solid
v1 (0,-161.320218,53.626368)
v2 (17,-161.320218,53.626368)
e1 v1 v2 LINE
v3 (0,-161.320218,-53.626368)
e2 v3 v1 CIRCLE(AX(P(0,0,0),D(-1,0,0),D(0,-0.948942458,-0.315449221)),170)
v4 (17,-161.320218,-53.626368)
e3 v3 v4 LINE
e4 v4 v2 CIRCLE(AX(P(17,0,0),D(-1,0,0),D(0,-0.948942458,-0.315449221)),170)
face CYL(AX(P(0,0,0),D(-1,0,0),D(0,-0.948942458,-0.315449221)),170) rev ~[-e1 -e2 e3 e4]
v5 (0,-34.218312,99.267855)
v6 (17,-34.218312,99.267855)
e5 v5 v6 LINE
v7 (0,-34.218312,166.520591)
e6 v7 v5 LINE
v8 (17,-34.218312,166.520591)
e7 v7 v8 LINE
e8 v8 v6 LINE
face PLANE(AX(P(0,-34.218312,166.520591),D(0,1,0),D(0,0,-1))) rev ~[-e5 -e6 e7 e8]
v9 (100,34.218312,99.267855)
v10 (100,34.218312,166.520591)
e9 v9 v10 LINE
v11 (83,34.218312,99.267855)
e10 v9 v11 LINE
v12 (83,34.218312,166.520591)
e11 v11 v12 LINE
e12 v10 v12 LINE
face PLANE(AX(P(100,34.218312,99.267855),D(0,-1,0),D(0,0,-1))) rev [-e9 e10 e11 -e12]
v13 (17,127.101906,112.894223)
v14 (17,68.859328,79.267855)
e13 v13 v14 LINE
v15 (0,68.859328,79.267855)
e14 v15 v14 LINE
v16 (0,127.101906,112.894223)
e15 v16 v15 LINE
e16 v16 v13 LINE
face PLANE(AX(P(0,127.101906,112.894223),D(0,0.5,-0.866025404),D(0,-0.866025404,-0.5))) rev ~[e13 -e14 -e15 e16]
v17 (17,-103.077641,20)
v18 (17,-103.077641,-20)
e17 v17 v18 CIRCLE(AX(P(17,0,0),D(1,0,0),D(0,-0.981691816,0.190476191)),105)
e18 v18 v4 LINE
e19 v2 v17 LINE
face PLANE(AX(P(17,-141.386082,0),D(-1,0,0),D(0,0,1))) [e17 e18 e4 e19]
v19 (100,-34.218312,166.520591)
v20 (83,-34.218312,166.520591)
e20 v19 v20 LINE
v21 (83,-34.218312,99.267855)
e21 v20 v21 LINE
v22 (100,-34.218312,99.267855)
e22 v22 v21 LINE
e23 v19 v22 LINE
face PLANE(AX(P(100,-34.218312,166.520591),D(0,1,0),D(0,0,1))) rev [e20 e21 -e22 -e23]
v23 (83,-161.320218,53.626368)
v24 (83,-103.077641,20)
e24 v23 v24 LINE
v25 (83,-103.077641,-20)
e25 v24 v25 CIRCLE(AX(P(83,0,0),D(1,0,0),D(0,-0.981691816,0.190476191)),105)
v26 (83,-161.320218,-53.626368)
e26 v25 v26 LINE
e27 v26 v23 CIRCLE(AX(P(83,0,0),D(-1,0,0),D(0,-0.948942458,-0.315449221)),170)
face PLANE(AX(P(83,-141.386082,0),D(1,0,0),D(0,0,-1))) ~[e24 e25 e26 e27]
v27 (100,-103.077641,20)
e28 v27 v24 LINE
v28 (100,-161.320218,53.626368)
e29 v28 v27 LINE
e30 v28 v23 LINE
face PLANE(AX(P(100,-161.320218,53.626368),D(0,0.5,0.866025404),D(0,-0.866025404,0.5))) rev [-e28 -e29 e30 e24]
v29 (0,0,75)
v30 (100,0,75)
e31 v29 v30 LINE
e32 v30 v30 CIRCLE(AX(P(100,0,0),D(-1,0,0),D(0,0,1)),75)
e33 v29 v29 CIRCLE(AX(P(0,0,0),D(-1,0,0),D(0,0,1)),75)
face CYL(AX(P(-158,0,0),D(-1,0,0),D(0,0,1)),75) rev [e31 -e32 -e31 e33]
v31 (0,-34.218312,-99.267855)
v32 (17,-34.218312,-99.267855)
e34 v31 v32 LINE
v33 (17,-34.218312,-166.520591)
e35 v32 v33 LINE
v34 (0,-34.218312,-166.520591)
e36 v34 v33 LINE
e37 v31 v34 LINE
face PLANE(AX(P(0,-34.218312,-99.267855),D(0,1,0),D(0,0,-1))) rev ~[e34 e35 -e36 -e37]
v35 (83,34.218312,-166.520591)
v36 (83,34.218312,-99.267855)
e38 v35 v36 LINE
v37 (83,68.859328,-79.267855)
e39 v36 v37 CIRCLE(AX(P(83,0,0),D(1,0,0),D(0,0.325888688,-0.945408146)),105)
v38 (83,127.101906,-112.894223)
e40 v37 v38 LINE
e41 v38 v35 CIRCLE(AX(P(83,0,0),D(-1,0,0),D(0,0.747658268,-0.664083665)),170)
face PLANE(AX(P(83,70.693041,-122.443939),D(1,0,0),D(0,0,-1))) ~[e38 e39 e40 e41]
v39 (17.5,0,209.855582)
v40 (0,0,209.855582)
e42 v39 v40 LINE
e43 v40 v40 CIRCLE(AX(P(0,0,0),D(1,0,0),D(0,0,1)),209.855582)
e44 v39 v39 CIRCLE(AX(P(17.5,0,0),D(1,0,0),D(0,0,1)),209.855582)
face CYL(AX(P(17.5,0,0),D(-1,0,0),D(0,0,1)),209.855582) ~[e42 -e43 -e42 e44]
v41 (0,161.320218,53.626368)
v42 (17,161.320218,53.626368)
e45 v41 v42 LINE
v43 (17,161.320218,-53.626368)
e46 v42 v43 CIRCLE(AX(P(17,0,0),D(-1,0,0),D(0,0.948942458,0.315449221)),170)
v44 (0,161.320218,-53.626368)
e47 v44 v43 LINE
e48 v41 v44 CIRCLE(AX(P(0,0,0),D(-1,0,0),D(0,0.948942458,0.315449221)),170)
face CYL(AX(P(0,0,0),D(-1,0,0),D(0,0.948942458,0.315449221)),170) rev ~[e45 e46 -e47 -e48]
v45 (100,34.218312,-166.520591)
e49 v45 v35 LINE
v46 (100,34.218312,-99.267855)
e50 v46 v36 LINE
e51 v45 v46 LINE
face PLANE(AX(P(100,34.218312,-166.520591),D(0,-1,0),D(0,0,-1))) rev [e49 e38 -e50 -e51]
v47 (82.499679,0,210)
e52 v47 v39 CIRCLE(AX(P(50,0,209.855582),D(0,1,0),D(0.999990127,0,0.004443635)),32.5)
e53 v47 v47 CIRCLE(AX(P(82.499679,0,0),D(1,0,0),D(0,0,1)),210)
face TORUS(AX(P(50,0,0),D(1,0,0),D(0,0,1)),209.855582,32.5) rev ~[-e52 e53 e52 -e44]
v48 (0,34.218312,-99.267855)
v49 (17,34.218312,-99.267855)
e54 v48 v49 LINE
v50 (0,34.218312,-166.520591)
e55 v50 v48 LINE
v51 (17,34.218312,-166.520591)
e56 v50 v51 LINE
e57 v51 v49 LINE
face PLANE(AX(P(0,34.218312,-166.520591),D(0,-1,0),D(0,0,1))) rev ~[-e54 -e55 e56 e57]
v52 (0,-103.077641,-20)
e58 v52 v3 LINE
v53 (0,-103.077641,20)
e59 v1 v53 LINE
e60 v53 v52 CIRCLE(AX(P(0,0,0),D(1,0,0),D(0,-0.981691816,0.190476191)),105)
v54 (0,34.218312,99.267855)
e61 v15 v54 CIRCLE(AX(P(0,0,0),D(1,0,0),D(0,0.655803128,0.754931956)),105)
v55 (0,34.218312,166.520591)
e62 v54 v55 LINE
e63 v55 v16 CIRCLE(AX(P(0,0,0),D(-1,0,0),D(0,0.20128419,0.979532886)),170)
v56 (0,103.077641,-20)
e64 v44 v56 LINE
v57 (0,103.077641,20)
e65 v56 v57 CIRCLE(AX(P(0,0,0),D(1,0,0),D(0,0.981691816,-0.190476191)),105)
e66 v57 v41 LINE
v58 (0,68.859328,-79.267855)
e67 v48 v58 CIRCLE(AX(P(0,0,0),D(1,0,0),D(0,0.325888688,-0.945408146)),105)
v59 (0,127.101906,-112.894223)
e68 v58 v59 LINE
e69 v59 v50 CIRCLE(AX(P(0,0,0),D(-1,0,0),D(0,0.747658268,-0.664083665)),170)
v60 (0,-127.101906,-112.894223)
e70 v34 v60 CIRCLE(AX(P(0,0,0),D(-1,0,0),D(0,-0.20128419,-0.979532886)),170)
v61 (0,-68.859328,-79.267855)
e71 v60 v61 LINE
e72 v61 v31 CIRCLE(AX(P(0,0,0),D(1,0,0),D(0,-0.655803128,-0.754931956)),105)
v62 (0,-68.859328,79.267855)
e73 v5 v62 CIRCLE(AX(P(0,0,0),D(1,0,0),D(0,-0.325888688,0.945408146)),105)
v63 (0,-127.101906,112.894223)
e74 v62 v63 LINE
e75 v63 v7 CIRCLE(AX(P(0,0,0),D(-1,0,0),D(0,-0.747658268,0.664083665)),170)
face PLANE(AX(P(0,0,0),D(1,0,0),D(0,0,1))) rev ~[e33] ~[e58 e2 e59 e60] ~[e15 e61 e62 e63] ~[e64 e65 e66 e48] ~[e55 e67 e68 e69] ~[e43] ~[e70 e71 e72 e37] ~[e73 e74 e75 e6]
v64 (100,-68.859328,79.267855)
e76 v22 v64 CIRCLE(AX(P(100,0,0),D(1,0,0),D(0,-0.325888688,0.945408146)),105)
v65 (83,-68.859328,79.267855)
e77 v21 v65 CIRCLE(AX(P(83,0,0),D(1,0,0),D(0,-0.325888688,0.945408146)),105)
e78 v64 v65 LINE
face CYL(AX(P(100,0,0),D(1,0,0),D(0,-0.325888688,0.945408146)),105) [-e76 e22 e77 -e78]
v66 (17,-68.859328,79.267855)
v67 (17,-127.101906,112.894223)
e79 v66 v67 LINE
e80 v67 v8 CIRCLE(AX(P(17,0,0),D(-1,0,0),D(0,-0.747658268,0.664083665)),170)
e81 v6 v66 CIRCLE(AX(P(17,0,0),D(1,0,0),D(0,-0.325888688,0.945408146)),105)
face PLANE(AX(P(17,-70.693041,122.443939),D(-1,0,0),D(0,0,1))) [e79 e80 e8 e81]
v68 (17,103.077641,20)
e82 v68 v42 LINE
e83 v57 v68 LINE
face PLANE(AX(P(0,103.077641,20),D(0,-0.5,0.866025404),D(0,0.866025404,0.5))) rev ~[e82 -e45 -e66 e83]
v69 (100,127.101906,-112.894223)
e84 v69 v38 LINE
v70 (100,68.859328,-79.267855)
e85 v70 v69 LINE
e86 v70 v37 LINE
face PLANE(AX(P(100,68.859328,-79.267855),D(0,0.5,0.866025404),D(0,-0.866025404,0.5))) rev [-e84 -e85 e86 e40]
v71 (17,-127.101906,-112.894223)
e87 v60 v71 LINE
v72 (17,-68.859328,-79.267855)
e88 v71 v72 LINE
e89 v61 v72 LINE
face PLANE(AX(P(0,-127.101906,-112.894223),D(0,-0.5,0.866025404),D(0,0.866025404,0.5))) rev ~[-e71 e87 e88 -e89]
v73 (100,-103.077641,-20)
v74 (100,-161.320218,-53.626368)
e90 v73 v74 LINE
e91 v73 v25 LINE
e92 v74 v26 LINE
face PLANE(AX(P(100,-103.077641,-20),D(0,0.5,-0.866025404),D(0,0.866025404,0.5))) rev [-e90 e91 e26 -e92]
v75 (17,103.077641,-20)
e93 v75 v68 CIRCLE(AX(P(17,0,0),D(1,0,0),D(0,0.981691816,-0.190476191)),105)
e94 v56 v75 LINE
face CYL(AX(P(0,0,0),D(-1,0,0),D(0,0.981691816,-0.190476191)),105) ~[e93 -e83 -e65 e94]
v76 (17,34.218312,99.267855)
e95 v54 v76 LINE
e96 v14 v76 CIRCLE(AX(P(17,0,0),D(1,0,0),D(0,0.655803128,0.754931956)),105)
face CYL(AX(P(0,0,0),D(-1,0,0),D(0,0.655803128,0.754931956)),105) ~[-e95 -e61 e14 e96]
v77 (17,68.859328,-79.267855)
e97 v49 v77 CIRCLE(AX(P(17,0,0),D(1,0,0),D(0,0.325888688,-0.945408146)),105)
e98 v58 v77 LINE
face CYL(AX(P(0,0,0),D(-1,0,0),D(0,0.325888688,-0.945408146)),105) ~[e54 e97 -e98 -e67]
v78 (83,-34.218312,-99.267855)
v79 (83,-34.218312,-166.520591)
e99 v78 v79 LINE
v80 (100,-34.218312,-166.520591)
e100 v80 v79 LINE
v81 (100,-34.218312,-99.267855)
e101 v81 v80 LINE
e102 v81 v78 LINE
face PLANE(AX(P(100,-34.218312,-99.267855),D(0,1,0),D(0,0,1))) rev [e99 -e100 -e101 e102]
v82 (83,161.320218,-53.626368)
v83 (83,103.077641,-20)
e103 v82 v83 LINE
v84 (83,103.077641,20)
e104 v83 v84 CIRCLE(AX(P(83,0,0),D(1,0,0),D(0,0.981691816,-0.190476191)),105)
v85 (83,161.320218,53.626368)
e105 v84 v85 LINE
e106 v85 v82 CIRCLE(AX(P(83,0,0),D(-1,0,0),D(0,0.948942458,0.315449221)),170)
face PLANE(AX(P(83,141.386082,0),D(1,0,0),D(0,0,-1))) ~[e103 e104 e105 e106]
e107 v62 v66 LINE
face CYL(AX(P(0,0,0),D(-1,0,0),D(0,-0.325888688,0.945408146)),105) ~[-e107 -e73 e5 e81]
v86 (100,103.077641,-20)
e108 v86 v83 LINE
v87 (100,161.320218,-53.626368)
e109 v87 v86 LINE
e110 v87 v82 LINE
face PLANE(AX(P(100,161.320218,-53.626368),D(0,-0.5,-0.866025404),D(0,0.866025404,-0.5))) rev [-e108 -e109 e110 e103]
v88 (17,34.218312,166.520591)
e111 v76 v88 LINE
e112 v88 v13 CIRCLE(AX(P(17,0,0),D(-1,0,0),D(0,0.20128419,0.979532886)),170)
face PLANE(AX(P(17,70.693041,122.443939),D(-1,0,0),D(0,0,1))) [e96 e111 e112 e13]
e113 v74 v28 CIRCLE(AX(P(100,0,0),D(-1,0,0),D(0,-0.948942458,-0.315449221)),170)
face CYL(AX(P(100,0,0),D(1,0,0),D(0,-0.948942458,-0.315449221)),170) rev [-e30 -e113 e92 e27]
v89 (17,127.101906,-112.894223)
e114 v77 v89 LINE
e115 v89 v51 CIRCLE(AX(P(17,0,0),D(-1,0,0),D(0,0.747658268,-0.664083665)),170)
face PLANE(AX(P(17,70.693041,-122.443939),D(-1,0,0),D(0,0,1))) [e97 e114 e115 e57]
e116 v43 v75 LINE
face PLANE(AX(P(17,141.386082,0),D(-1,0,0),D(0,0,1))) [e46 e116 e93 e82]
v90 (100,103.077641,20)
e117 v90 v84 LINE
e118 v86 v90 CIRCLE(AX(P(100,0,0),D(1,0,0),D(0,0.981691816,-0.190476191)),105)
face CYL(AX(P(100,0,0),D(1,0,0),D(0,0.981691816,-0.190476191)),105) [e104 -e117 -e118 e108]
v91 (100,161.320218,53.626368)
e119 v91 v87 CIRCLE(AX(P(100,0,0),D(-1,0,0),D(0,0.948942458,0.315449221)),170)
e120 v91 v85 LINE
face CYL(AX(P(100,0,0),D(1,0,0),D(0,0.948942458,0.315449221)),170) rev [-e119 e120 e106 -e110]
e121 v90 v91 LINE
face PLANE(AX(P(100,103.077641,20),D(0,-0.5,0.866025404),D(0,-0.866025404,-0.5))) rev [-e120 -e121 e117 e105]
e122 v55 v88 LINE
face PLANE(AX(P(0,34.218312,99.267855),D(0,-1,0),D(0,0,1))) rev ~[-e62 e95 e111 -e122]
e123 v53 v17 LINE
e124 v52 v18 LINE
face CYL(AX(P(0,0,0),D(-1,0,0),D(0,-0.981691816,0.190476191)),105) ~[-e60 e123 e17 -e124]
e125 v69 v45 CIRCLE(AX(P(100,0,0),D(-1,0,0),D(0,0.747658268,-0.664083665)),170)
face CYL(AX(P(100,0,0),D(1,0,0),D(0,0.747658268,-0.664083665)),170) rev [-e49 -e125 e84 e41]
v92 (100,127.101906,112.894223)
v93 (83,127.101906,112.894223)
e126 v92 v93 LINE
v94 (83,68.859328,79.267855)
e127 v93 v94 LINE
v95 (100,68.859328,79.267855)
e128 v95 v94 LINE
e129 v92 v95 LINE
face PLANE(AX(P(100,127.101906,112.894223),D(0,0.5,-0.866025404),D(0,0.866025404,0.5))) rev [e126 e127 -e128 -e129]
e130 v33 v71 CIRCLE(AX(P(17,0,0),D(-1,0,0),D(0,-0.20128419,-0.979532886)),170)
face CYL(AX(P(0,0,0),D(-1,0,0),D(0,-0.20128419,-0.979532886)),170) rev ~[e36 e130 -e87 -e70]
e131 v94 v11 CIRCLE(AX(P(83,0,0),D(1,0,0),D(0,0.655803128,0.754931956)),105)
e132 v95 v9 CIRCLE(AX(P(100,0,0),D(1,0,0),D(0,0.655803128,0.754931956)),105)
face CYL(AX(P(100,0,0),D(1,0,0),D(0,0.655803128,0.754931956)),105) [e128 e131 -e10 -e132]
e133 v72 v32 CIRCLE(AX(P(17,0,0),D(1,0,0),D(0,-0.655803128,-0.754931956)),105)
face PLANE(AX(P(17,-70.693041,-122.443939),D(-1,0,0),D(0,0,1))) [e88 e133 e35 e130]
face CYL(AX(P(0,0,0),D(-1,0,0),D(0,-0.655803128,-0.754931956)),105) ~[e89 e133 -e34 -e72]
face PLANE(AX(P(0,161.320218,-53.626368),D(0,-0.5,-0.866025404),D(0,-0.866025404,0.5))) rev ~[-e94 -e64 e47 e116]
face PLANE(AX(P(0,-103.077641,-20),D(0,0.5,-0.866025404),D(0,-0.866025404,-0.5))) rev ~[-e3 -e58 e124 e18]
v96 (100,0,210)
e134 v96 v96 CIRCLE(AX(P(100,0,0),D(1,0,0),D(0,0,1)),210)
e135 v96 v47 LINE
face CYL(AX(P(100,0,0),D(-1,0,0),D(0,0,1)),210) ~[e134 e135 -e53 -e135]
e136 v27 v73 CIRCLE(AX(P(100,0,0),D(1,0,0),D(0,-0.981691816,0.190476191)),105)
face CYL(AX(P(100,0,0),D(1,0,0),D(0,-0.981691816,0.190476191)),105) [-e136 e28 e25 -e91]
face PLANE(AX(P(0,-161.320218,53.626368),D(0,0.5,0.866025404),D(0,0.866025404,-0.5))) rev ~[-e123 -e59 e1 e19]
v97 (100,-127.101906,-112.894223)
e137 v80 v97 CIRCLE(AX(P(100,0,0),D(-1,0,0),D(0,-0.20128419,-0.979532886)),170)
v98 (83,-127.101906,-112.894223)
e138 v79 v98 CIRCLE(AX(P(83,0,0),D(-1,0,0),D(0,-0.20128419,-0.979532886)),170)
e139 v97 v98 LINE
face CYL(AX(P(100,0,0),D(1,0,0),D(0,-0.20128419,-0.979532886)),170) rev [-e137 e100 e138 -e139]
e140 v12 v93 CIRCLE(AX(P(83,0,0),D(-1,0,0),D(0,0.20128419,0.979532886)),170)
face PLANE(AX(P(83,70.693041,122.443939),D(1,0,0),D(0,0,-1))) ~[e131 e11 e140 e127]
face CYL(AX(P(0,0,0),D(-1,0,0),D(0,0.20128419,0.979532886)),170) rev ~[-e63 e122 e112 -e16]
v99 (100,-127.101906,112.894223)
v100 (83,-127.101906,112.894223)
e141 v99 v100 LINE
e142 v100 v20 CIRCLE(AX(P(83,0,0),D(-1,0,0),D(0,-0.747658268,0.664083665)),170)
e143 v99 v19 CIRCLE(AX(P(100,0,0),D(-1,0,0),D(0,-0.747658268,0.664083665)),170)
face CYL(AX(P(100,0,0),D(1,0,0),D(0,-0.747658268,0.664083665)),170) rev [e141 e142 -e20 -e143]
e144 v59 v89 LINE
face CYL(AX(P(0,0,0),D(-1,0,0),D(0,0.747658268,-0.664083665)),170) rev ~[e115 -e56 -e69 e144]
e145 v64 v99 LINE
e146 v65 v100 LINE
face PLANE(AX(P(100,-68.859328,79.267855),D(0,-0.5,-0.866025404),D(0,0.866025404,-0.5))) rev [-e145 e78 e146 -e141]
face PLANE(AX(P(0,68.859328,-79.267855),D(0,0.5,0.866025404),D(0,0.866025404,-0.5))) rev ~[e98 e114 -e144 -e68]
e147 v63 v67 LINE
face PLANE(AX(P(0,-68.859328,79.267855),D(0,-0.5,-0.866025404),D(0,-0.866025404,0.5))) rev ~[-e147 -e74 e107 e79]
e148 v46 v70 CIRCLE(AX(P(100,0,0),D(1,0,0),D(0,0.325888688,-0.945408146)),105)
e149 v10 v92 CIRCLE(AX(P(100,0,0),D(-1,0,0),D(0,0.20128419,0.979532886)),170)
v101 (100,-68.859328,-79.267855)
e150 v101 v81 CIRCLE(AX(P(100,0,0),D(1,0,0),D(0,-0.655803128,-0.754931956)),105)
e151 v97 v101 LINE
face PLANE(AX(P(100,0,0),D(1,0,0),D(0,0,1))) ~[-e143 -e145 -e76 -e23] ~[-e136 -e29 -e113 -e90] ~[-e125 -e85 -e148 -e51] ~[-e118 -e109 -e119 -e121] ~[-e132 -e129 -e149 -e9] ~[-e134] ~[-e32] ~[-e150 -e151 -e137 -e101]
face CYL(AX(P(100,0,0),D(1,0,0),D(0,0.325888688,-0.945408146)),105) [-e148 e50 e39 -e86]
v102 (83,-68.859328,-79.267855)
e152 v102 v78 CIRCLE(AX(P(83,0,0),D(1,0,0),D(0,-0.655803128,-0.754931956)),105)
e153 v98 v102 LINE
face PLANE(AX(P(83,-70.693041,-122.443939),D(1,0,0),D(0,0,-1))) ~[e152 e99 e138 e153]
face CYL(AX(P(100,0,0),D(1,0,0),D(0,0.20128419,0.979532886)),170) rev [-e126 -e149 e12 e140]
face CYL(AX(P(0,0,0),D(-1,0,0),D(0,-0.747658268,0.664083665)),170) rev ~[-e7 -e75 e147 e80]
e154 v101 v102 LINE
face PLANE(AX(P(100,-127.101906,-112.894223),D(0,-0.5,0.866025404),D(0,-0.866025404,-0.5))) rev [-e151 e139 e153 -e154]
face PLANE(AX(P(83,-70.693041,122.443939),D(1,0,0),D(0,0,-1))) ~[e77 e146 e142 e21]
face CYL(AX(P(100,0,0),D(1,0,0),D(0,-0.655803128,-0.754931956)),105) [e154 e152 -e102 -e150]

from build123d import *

# Parameters (mm, degrees)
CUT_EXTRUDE1_DEPTH      = 236
CUT_EXTRUDE1_DEPTH_BACK = 258
SKETCH2_R               = 75
CUT_EXTRUDE2_DEPTH      = 17


with BuildPart() as part:
    # Sketch1 → Revolve1 (revolve)
    with BuildSketch(Plane.XY, mode=Mode.PRIVATE) as revolve1_sk:
        with BuildLine():
            Line((0, 0), (100, 0))
            Line((100, 0), (100, 210))
            Line((100, 210), (82.499679128, 210))
            ThreePointArc((82.499679128, 210), (50.072209241, 177.355662093), (17.5, 209.855581875))
            Line((17.5, 209.855581875), (0, 209.855581875))
            Line((0, 209.855581875), (0, 0))
        make_face()
    revolve(revolve1_sk.sketch.rotate(Axis((0, 0, 0), (1, 0, 0)), 90), axis=Axis((0, 0, 0), (1, 0, 0)))

    # Sketch2 → Cut-Extrude1 (cut, two sides: drawn at the far end of the back side and taken through both)
    with BuildSketch(Plane(origin=(100, 0, 0), x_dir=(0, 0, -1), z_dir=(1, 0, 0)).offset(-CUT_EXTRUDE1_DEPTH_BACK)):
        with Locations(Location((0, 0, 0), (0, 0, 180))):
            Circle(SKETCH2_R)
    extrude(amount=CUT_EXTRUDE1_DEPTH + CUT_EXTRUDE1_DEPTH_BACK, mode=Mode.SUBTRACT)

    # Sketch3 → Cut-Extrude2 (cut)
    with BuildSketch(Plane.ZY):
        with BuildLine():
            Line((20, 103.07764064), (53.626367642, 161.32021787))
            ThreePointArc((53.626367642, 161.32021787), (0, 170), (-53.626367642, 161.32021787))
            Line((-53.626367642, 161.32021787), (-20, 103.07764064))
            ThreePointArc((-20, 103.07764064), (0, 105), (20, 103.07764064))
        make_face()
        with BuildLine():
            Line((112.894222998, 127.101905625), (79.267855357, 68.859328396))
            ThreePointArc((79.267855357, 68.859328396), (90.932667397, 52.5), (99.267855357, 34.218312245))
            Line((99.267855357, 34.218312245), (166.52059064, 34.218312245))
            ThreePointArc((166.52059064, 34.218312245), (147.224318643, 85), (112.894222998, 127.101905625))
        make_face()
        with BuildLine():
            Line((166.52059064, -34.218312245), (99.267855357, -34.218312245))
            ThreePointArc((99.267855357, -34.218312245), (90.932667397, -52.5), (79.267855357, -68.859328396))
            Line((79.267855357, -68.859328396), (112.894222998, -127.101905625))
            ThreePointArc((112.894222998, -127.101905625), (147.224318643, -85), (166.52059064, -34.218312245))
        make_face()
        with BuildLine():
            Line((53.626367642, -161.32021787), (20, -103.07764064))
            ThreePointArc((20, -103.07764064), (0, -105), (-20, -103.07764064))
            Line((-20, -103.07764064), (-53.626367642, -161.32021787))
            ThreePointArc((-53.626367642, -161.32021787), (0, -170), (53.626367642, -161.32021787))
        make_face()
        with BuildLine():
            Line((-112.894222998, -127.101905625), (-79.267855357, -68.859328396))
            ThreePointArc((-79.267855357, -68.859328396), (-90.932667397, -52.5), (-99.267855357, -34.218312245))
            Line((-99.267855357, -34.218312245), (-166.52059064, -34.218312245))
            ThreePointArc((-166.52059064, -34.218312245), (-147.224318643, -85), (-112.894222998, -127.101905625))
        make_face()
        with BuildLine():
            Line((-166.52059064, 34.218312245), (-99.267855357, 34.218312245))
            ThreePointArc((-99.267855357, 34.218312245), (-90.932667397, 52.5), (-79.267855357, 68.859328396))
            Line((-79.267855357, 68.859328396), (-112.894222998, 127.101905625))
            ThreePointArc((-112.894222998, 127.101905625), (-147.224318643, 85), (-166.52059064, 34.218312245))
        make_face()
    cut_extrude2 = extrude(amount=-CUT_EXTRUDE2_DEPTH, mode=Mode.SUBTRACT)

    # Mirror1: Cut-Extrude2 across plane
    add(cut_extrude2.mirror(Plane(origin=(50, 0, 0), x_dir=(0, 0, 1), z_dir=(1, 0, 0))), mode=Mode.SUBTRACT)


solid = part.part
